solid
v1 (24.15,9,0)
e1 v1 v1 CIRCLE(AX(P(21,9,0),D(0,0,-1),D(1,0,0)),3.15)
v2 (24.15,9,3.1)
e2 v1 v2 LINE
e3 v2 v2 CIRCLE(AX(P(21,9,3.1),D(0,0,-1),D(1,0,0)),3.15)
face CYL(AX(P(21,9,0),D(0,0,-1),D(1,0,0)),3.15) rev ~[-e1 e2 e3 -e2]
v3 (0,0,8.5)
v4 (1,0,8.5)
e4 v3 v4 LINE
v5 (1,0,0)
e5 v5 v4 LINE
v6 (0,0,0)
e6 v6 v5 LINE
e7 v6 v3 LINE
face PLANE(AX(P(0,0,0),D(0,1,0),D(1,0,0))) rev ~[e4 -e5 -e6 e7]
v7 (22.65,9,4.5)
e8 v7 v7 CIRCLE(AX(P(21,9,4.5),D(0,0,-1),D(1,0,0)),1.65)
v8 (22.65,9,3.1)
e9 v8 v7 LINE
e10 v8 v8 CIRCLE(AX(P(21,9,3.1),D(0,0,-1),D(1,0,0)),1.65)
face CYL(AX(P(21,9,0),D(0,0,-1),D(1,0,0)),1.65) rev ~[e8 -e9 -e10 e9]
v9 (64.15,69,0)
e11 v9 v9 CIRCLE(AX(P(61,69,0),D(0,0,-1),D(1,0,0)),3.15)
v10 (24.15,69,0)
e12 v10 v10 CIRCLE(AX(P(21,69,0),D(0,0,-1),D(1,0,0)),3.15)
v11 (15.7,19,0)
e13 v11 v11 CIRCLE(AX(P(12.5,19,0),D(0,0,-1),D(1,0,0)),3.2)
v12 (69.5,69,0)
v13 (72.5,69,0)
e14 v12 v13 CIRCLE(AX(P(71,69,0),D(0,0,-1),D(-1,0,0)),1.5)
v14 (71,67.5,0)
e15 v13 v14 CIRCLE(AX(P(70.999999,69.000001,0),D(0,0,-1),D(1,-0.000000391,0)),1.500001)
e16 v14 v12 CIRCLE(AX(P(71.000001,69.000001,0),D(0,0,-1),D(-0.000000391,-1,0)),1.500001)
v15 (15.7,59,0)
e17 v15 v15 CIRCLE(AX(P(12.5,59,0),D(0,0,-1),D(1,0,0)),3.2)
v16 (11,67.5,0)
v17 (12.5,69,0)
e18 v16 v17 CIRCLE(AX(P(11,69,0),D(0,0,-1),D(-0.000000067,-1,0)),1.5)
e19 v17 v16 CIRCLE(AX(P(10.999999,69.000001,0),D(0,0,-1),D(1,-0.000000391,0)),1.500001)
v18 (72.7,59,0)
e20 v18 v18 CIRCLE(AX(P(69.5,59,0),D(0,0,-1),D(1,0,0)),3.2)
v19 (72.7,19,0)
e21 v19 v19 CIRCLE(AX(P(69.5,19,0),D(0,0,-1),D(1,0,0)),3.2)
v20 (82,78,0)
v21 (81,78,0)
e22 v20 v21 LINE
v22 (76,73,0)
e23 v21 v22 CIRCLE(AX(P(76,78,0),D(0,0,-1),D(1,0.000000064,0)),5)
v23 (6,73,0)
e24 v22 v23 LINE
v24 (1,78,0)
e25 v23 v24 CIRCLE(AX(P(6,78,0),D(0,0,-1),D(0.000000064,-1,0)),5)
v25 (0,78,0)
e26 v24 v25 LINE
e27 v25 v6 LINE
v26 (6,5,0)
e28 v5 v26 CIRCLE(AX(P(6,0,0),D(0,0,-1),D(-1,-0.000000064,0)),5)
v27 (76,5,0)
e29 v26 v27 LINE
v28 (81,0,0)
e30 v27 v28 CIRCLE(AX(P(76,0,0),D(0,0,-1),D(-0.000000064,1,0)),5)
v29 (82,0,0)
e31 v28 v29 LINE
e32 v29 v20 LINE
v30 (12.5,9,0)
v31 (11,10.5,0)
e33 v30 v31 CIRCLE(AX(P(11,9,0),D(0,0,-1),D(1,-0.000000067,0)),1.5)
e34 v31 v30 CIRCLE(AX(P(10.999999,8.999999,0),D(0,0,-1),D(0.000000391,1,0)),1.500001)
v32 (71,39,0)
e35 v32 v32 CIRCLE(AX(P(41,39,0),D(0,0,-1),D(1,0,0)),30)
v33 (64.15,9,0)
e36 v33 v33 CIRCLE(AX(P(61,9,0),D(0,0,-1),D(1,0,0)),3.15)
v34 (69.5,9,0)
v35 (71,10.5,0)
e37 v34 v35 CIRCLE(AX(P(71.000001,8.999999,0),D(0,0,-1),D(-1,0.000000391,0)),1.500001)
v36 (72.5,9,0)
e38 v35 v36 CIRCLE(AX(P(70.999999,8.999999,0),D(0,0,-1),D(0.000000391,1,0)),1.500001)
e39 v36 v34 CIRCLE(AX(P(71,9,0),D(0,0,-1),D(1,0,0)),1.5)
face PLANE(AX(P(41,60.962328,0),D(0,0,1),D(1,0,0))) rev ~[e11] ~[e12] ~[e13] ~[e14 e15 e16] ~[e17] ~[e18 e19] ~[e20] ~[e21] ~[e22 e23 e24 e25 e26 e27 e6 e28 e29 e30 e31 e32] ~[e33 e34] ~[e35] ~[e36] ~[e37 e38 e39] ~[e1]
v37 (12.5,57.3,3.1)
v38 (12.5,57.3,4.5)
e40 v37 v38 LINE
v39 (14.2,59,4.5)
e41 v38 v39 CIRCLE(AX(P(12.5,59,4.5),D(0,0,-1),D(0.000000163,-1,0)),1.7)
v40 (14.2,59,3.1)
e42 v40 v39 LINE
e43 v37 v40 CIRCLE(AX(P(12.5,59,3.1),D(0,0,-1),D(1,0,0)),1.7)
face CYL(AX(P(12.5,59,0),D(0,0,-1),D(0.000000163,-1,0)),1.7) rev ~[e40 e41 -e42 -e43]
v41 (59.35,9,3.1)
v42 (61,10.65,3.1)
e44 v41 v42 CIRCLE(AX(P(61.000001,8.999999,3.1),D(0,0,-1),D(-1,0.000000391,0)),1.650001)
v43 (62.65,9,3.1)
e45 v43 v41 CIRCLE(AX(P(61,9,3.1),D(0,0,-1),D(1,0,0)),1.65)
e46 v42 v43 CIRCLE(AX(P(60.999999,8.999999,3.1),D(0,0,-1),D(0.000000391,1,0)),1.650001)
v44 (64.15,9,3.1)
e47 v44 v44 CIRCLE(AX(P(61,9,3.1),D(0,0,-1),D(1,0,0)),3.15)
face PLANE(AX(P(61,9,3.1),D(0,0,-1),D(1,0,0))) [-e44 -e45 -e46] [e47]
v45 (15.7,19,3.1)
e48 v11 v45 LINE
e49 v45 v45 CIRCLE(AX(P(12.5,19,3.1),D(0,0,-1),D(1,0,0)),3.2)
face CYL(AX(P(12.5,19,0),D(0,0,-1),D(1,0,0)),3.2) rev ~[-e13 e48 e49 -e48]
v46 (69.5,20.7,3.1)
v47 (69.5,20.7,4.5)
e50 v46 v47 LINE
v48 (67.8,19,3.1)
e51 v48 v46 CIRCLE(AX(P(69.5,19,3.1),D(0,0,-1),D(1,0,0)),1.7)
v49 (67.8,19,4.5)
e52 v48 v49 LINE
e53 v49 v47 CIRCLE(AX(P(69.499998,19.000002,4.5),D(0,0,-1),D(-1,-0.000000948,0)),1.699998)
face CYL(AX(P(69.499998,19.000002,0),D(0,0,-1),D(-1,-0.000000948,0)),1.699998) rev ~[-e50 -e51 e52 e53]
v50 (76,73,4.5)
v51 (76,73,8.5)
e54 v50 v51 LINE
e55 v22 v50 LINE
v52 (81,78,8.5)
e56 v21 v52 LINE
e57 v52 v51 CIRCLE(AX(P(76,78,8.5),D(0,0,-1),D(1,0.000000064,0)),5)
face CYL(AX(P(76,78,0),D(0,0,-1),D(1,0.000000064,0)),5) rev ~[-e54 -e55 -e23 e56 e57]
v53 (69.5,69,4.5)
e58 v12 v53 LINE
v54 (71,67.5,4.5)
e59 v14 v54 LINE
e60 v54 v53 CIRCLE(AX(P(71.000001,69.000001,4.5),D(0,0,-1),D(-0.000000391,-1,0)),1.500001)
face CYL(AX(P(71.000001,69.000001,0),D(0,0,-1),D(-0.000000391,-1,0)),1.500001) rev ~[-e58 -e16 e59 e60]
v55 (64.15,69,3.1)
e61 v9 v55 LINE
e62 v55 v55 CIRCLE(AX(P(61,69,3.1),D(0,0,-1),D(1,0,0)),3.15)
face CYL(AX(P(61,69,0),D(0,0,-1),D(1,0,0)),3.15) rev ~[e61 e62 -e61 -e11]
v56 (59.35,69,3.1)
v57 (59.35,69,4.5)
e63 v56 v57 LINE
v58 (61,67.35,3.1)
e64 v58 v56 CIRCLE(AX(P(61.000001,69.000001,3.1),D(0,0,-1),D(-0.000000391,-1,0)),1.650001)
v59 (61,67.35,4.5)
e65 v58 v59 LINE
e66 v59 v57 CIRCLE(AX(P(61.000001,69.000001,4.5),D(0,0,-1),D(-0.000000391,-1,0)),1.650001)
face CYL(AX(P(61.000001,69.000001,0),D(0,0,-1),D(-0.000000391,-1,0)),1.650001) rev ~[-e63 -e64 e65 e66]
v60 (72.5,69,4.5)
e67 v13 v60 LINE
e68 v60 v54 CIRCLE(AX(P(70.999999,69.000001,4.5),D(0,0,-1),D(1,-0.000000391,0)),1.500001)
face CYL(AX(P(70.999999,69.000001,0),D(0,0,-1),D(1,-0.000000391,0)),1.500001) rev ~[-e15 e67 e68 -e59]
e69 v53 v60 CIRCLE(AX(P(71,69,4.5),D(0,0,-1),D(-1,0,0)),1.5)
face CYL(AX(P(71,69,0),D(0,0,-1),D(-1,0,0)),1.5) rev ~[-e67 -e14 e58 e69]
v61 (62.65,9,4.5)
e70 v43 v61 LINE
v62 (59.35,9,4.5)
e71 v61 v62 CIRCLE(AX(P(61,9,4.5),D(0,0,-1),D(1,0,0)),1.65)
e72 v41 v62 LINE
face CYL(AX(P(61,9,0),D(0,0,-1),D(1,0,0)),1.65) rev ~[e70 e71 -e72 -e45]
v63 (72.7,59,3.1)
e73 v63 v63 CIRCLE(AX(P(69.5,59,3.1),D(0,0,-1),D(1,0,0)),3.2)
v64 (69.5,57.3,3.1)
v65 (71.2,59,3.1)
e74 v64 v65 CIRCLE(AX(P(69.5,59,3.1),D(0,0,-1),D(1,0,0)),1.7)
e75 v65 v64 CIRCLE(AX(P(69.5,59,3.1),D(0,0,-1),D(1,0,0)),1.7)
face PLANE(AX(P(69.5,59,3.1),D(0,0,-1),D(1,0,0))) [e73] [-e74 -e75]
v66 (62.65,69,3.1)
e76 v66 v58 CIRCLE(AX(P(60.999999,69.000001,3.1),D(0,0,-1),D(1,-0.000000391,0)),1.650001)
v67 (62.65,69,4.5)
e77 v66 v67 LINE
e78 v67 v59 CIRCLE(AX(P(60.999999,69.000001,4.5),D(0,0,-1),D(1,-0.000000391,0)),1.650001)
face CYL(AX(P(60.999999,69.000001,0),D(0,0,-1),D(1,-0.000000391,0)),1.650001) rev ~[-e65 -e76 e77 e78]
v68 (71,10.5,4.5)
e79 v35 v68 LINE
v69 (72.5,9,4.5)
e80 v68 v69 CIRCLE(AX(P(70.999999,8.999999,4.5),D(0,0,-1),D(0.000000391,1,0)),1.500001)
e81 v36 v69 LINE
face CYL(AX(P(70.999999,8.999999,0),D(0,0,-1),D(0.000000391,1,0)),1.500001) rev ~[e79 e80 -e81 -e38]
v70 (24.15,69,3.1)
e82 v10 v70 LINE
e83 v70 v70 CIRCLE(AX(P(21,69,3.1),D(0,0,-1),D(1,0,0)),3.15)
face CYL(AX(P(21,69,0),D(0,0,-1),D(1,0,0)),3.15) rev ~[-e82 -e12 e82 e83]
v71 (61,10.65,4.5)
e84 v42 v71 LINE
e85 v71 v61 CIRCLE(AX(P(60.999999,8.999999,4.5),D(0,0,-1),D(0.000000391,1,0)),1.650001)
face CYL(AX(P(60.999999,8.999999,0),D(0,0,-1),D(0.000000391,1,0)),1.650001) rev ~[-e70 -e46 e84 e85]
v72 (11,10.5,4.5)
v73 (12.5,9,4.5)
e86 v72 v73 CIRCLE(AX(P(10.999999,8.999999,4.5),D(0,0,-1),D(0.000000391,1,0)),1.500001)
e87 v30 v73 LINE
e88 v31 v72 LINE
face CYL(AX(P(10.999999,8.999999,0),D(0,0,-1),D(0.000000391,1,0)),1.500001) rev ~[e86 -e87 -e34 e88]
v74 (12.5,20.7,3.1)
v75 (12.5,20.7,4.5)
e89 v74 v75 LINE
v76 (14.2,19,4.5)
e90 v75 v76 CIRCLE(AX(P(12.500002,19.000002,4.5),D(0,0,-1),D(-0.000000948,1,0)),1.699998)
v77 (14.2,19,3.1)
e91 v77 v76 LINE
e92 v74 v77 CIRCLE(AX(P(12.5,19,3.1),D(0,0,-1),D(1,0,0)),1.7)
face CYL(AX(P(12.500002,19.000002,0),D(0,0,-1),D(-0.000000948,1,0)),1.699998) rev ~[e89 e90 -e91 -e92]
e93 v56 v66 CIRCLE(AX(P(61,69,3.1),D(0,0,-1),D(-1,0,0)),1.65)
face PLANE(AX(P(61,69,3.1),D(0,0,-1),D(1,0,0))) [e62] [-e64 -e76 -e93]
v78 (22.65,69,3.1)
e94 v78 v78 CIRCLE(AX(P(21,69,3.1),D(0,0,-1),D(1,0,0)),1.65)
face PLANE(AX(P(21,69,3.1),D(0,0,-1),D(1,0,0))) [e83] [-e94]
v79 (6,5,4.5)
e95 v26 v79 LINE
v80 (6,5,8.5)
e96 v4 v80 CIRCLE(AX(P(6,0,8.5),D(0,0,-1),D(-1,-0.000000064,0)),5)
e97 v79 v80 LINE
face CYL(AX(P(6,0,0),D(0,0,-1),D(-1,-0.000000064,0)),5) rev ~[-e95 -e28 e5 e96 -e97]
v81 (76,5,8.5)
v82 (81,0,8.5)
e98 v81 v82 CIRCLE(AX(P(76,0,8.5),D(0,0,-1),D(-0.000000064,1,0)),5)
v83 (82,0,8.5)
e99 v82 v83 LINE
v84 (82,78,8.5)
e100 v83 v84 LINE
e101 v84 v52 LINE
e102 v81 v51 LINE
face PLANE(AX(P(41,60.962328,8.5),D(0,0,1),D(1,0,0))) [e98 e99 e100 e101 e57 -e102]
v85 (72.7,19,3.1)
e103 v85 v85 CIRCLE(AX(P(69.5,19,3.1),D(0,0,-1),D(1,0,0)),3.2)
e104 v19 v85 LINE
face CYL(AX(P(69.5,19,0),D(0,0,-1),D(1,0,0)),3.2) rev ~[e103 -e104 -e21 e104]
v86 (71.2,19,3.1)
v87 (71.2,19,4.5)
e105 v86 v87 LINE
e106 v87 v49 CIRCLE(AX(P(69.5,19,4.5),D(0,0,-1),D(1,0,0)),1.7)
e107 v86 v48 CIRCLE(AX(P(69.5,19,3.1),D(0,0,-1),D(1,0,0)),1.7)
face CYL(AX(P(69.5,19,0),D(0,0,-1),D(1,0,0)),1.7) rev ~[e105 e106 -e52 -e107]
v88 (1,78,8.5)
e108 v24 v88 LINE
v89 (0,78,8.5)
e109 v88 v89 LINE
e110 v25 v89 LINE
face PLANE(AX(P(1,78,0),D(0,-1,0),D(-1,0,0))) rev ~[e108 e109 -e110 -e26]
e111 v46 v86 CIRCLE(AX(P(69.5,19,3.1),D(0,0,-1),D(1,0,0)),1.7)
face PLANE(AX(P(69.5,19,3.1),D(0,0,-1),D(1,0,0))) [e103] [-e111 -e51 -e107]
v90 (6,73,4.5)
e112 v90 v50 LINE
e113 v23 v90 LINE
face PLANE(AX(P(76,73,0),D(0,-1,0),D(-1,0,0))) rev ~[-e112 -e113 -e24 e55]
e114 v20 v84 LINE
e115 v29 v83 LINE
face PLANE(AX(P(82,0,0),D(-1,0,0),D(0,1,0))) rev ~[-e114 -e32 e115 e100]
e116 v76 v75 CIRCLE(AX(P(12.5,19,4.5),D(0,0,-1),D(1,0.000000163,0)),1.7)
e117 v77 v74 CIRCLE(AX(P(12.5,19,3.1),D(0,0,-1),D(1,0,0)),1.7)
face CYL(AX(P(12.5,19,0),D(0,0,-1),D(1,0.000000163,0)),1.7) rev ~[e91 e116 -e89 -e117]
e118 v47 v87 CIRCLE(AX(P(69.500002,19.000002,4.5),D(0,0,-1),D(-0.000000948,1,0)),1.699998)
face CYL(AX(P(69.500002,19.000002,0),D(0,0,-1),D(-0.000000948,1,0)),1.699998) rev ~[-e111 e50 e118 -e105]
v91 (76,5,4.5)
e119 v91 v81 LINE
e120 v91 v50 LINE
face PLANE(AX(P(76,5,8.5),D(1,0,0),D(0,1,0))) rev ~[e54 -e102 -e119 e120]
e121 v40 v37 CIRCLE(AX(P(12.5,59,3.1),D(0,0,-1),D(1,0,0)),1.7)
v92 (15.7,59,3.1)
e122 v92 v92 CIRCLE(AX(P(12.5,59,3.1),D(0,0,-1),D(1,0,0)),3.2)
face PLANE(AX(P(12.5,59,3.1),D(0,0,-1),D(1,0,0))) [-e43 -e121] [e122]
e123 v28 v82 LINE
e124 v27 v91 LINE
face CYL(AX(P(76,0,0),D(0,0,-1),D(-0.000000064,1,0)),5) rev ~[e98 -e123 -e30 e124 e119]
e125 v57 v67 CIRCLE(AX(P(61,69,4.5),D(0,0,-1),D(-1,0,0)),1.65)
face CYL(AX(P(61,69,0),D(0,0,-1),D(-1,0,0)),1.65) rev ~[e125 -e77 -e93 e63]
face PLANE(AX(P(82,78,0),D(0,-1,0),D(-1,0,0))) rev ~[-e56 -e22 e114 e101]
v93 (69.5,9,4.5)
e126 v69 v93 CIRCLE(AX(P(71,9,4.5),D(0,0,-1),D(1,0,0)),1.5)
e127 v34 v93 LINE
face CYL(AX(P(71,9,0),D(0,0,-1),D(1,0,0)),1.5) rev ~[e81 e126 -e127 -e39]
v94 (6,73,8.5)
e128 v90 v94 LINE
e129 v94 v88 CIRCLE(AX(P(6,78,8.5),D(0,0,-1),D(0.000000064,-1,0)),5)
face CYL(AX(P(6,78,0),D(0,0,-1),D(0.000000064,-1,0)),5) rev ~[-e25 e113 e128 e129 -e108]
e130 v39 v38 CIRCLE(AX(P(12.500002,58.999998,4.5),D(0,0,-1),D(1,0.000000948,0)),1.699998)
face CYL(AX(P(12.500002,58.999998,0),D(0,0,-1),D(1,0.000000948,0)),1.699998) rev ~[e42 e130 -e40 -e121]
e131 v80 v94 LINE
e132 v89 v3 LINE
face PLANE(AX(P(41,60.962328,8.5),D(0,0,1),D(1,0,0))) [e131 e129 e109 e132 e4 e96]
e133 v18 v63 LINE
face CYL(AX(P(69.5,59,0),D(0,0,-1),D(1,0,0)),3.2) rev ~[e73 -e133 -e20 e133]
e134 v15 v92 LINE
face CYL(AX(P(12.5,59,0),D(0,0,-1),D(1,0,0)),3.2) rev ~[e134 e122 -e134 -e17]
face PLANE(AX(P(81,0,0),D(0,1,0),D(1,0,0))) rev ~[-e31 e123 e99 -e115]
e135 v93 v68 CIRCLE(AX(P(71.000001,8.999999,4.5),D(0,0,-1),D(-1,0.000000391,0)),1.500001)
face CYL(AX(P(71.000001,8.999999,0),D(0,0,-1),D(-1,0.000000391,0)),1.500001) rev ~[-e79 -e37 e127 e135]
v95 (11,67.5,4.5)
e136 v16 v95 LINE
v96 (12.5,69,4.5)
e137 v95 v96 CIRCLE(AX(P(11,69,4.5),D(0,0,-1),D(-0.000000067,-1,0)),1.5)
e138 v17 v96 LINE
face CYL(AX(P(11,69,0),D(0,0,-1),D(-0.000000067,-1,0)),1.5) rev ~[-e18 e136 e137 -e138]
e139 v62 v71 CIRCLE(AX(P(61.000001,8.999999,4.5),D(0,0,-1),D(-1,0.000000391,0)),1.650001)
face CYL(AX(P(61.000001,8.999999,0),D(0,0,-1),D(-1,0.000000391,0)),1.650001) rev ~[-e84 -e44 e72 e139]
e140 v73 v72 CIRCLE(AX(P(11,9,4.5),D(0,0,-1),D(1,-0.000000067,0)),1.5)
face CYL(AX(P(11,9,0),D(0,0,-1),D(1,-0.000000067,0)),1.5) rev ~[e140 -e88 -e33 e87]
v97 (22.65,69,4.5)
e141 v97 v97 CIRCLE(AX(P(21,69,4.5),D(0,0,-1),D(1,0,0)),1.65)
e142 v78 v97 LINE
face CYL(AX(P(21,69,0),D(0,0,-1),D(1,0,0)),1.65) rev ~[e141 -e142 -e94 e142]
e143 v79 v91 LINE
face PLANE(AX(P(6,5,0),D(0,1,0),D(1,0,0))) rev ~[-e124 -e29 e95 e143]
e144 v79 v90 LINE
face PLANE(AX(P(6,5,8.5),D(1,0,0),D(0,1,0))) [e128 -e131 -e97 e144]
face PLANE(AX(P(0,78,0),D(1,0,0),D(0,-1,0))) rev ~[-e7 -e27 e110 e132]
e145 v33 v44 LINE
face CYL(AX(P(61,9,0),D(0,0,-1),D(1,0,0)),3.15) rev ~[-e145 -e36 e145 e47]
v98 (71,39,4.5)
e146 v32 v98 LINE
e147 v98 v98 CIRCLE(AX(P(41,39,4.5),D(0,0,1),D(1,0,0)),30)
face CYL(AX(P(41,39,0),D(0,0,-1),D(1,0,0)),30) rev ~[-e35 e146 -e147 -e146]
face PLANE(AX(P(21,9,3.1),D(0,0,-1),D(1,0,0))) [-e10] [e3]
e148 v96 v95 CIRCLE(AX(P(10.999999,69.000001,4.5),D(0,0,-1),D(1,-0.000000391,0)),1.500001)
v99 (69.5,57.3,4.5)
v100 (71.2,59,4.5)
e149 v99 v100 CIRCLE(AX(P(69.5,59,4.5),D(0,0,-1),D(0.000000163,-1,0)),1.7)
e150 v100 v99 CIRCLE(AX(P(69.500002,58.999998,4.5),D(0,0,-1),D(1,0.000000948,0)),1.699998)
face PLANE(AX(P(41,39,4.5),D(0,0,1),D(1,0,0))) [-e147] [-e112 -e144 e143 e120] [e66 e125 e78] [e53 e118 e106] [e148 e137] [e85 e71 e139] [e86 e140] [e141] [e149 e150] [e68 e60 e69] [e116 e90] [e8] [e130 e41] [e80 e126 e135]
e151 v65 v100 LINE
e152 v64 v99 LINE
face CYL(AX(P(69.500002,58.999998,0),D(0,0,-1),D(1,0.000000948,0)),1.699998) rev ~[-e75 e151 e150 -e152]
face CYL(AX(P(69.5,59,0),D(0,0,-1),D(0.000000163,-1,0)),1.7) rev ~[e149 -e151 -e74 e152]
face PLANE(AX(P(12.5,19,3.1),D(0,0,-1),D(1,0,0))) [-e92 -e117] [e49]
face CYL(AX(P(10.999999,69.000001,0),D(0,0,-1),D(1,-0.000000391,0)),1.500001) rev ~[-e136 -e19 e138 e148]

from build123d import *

# Parameters (mm, degrees)
F1_DEPTH  = 8.5
F2_W      = 70
F2_H      = 68
F2_R      = 30
F3_DEPTH  = 4
F5_DEPTH  = 25
F6_R      = 3.2
F6_R_2    = 1.7
F7_DEPTH  = 3.1
F8_R      = 1.65
F9_DEPTH  = 25
F10_R     = 3.15
F11_DEPTH = 3.1
F13_DEPTH = 25


with BuildPart() as f1:
    # F0 (on Top) → F1 (new body)
    with BuildSketch(Plane.XY):
        with BuildLine():
            Line((0, 78), (0, 39))
            Line((0, 39), (11, 39))
            ThreePointArc((11, 39), (41, 69), (71, 39))
            Line((71, 39), (82, 39))
            Line((82, 39), (82, 78))
            Line((82, 78), (81, 78))
            ThreePointArc((81, 78), (79.535534, 74.464466), (76, 73))
            Line((76, 73), (6, 73))
            ThreePointArc((6, 73), (2.464466, 74.464466), (1, 78))
            Line((1, 78), (0, 78))
        make_face()
        with BuildLine():
            Line((0, 39), (0, 0))
            Line((0, 0), (1, 0))
            ThreePointArc((1, 0), (2.464466, 3.535534), (6, 5))
            Line((6, 5), (76, 5))
            ThreePointArc((76, 5), (79.535534, 3.535534), (81, 0))
            Line((81, 0), (82, 0))
            Line((82, 0), (82, 39))
            Line((82, 39), (71, 39))
            ThreePointArc((71, 39), (41, 9), (11, 39))
            Line((11, 39), (0, 39))
        make_face()
    extrude(amount=F1_DEPTH)

    # F2 (on face) → F3 (cut)
    with BuildSketch(Plane.XY.offset(8.5)):
        with Locations((41, 39)):
            Rectangle(F2_W, F2_H)
        with Locations((41, 39)):
            Circle(F2_R, mode=Mode.SUBTRACT)
    extrude(amount=-F3_DEPTH, mode=Mode.SUBTRACT)

    # F4 (on face) → F5 (cut)
    with BuildSketch(Plane(origin=(0, 0, 0), x_dir=(1, 0, 0), z_dir=(0, 0, -1))):
        with BuildLine():
            ThreePointArc((14.2, -19), (11.297918, -17.797918), (12.5, -20.7))
            ThreePointArc((12.5, -20.7), (13.702082, -20.202082), (14.2, -19))
        make_face()
        with BuildLine():
            ThreePointArc((14.2, -59), (13.702082, -57.797918), (12.5, -57.3))
            ThreePointArc((12.5, -57.3), (11.297918, -60.202082), (14.2, -59))
        make_face()
        with BuildLine():
            ThreePointArc((71.2, -59), (70.702082, -57.797918), (69.5, -57.3))
            ThreePointArc((69.5, -57.3), (68.297918, -60.202082), (71.2, -59))
        make_face()
        with BuildLine():
            ThreePointArc((71.2, -19), (69.5, -17.3), (67.8, -19))
            ThreePointArc((67.8, -19), (68.297918, -20.202082), (69.5, -20.7))
            ThreePointArc((69.5, -20.7), (70.702082, -20.202082), (71.2, -19))
        make_face()
    extrude(amount=-F5_DEPTH, mode=Mode.SUBTRACT)

    # F6 (on face) → F7 (cut)
    with BuildSketch(Plane(origin=(0, 0, 0), x_dir=(1, 0, 0), z_dir=(0, 0, -1))):
        with Locations((12.5, -19)):
            Circle(F6_R)
        with Locations((12.5, -19)):
            Circle(F6_R_2, mode=Mode.SUBTRACT)
        with Locations((12.5, -59)):
            Circle(F6_R)
        with Locations((12.5, -59)):
            Circle(F6_R_2, mode=Mode.SUBTRACT)
        with Locations((69.5, -19)):
            Circle(F6_R)
        with Locations((69.5, -19)):
            Circle(F6_R_2, mode=Mode.SUBTRACT)
        with Locations((69.5, -59)):
            Circle(F6_R)
        with Locations((69.5, -59)):
            Circle(F6_R_2, mode=Mode.SUBTRACT)
    extrude(amount=-F7_DEPTH, mode=Mode.SUBTRACT)

    # F8 (on face) → F9 (cut)
    with BuildSketch(Plane(origin=(0, 0, 0), x_dir=(1, 0, 0), z_dir=(0, 0, -1))):
        with Locations((21, -69)):
            Circle(F8_R)
        with BuildLine():
            ThreePointArc((62.65, -69), (62.166726, -67.833274), (61, -67.35))
            Line((61, -67.35), (61, -69))
            Line((61, -69), (59.35, -69))
            ThreePointArc((59.35, -69), (61, -70.65), (62.65, -69))
        make_face()
        with BuildLine():
            Line((61, -69), (61, -67.35))
            ThreePointArc((61, -67.35), (59.833274, -67.833274), (59.35, -69))
            Line((59.35, -69), (61, -69))
        make_face()
        with BuildLine():
            ThreePointArc((62.65, -9), (61, -7.35), (59.35, -9))
            Line((59.35, -9), (61, -9))
            Line((61, -9), (61, -10.65))
            ThreePointArc((61, -10.65), (62.166726, -10.166726), (62.65, -9))
        make_face()
        with BuildLine():
            Line((61, -9), (59.35, -9))
            ThreePointArc((59.35, -9), (59.833274, -10.166726), (61, -10.65))
            Line((61, -10.65), (61, -9))
        make_face()
        with Locations((21, -9)):
            Circle(F8_R)
    extrude(amount=-F9_DEPTH, mode=Mode.SUBTRACT)

    # F10 (on face) → F11 (cut)
    with BuildSketch(Plane(origin=(0, 0, 0), x_dir=(1, 0, 0), z_dir=(0, 0, -1))):
        with Locations((21, -9)):
            Circle(F10_R)
        with Locations((61, -9)):
            Circle(F10_R)
        with Locations((61, -69)):
            Circle(F10_R)
        with Locations((21, -69)):
            Circle(F10_R)
    extrude(amount=-F11_DEPTH, mode=Mode.SUBTRACT)

    # F12 (on face) → F13 (cut)
    with BuildSketch(Plane(origin=(0, 0, 0), x_dir=(1, 0, 0), z_dir=(0, 0, -1))):
        with BuildLine():
            ThreePointArc((12.5, -9), (9.93934, -7.93934), (11, -10.5))
            Line((11, -10.5), (11, -9))
            Line((11, -9), (12.5, -9))
        make_face()
        with BuildLine():
            Line((11, -9), (11, -10.5))
            ThreePointArc((11, -10.5), (12.06066, -10.06066), (12.5, -9))
            Line((12.5, -9), (11, -9))
        make_face()
        with BuildLine():
            ThreePointArc((69.5, -9), (69.93934, -10.06066), (71, -10.5))
            Line((71, -10.5), (71, -9))
            Line((71, -9), (69.5, -9))
        make_face()
        with BuildLine():
            Line((71, -9), (71, -10.5))
            ThreePointArc((71, -10.5), (72.06066, -10.06066), (72.5, -9))
            ThreePointArc((72.5, -9), (71, -7.5), (69.5, -9))
            Line((69.5, -9), (71, -9))
        make_face()
        with BuildLine():
            ThreePointArc((71, -67.5), (69.93934, -67.93934), (69.5, -69))
            Line((69.5, -69), (71, -69))
            Line((71, -69), (71, -67.5))
        make_face()
        with BuildLine():
            Line((71, -69), (69.5, -69))
            ThreePointArc((69.5, -69), (71, -70.5), (72.5, -69))
            ThreePointArc((72.5, -69), (72.06066, -67.93934), (71, -67.5))
            Line((71, -67.5), (71, -69))
        make_face()
        with BuildLine():
            ThreePointArc((11, -67.5), (9.93934, -70.06066), (12.5, -69))
            Line((12.5, -69), (11, -69))
            Line((11, -69), (11, -67.5))
        make_face()
        with BuildLine():
            Line((11, -69), (12.5, -69))
            ThreePointArc((12.5, -69), (12.06066, -67.93934), (11, -67.5))
            Line((11, -67.5), (11, -69))
        make_face()
    extrude(amount=-F13_DEPTH, mode=Mode.SUBTRACT)


solid = f1.part
